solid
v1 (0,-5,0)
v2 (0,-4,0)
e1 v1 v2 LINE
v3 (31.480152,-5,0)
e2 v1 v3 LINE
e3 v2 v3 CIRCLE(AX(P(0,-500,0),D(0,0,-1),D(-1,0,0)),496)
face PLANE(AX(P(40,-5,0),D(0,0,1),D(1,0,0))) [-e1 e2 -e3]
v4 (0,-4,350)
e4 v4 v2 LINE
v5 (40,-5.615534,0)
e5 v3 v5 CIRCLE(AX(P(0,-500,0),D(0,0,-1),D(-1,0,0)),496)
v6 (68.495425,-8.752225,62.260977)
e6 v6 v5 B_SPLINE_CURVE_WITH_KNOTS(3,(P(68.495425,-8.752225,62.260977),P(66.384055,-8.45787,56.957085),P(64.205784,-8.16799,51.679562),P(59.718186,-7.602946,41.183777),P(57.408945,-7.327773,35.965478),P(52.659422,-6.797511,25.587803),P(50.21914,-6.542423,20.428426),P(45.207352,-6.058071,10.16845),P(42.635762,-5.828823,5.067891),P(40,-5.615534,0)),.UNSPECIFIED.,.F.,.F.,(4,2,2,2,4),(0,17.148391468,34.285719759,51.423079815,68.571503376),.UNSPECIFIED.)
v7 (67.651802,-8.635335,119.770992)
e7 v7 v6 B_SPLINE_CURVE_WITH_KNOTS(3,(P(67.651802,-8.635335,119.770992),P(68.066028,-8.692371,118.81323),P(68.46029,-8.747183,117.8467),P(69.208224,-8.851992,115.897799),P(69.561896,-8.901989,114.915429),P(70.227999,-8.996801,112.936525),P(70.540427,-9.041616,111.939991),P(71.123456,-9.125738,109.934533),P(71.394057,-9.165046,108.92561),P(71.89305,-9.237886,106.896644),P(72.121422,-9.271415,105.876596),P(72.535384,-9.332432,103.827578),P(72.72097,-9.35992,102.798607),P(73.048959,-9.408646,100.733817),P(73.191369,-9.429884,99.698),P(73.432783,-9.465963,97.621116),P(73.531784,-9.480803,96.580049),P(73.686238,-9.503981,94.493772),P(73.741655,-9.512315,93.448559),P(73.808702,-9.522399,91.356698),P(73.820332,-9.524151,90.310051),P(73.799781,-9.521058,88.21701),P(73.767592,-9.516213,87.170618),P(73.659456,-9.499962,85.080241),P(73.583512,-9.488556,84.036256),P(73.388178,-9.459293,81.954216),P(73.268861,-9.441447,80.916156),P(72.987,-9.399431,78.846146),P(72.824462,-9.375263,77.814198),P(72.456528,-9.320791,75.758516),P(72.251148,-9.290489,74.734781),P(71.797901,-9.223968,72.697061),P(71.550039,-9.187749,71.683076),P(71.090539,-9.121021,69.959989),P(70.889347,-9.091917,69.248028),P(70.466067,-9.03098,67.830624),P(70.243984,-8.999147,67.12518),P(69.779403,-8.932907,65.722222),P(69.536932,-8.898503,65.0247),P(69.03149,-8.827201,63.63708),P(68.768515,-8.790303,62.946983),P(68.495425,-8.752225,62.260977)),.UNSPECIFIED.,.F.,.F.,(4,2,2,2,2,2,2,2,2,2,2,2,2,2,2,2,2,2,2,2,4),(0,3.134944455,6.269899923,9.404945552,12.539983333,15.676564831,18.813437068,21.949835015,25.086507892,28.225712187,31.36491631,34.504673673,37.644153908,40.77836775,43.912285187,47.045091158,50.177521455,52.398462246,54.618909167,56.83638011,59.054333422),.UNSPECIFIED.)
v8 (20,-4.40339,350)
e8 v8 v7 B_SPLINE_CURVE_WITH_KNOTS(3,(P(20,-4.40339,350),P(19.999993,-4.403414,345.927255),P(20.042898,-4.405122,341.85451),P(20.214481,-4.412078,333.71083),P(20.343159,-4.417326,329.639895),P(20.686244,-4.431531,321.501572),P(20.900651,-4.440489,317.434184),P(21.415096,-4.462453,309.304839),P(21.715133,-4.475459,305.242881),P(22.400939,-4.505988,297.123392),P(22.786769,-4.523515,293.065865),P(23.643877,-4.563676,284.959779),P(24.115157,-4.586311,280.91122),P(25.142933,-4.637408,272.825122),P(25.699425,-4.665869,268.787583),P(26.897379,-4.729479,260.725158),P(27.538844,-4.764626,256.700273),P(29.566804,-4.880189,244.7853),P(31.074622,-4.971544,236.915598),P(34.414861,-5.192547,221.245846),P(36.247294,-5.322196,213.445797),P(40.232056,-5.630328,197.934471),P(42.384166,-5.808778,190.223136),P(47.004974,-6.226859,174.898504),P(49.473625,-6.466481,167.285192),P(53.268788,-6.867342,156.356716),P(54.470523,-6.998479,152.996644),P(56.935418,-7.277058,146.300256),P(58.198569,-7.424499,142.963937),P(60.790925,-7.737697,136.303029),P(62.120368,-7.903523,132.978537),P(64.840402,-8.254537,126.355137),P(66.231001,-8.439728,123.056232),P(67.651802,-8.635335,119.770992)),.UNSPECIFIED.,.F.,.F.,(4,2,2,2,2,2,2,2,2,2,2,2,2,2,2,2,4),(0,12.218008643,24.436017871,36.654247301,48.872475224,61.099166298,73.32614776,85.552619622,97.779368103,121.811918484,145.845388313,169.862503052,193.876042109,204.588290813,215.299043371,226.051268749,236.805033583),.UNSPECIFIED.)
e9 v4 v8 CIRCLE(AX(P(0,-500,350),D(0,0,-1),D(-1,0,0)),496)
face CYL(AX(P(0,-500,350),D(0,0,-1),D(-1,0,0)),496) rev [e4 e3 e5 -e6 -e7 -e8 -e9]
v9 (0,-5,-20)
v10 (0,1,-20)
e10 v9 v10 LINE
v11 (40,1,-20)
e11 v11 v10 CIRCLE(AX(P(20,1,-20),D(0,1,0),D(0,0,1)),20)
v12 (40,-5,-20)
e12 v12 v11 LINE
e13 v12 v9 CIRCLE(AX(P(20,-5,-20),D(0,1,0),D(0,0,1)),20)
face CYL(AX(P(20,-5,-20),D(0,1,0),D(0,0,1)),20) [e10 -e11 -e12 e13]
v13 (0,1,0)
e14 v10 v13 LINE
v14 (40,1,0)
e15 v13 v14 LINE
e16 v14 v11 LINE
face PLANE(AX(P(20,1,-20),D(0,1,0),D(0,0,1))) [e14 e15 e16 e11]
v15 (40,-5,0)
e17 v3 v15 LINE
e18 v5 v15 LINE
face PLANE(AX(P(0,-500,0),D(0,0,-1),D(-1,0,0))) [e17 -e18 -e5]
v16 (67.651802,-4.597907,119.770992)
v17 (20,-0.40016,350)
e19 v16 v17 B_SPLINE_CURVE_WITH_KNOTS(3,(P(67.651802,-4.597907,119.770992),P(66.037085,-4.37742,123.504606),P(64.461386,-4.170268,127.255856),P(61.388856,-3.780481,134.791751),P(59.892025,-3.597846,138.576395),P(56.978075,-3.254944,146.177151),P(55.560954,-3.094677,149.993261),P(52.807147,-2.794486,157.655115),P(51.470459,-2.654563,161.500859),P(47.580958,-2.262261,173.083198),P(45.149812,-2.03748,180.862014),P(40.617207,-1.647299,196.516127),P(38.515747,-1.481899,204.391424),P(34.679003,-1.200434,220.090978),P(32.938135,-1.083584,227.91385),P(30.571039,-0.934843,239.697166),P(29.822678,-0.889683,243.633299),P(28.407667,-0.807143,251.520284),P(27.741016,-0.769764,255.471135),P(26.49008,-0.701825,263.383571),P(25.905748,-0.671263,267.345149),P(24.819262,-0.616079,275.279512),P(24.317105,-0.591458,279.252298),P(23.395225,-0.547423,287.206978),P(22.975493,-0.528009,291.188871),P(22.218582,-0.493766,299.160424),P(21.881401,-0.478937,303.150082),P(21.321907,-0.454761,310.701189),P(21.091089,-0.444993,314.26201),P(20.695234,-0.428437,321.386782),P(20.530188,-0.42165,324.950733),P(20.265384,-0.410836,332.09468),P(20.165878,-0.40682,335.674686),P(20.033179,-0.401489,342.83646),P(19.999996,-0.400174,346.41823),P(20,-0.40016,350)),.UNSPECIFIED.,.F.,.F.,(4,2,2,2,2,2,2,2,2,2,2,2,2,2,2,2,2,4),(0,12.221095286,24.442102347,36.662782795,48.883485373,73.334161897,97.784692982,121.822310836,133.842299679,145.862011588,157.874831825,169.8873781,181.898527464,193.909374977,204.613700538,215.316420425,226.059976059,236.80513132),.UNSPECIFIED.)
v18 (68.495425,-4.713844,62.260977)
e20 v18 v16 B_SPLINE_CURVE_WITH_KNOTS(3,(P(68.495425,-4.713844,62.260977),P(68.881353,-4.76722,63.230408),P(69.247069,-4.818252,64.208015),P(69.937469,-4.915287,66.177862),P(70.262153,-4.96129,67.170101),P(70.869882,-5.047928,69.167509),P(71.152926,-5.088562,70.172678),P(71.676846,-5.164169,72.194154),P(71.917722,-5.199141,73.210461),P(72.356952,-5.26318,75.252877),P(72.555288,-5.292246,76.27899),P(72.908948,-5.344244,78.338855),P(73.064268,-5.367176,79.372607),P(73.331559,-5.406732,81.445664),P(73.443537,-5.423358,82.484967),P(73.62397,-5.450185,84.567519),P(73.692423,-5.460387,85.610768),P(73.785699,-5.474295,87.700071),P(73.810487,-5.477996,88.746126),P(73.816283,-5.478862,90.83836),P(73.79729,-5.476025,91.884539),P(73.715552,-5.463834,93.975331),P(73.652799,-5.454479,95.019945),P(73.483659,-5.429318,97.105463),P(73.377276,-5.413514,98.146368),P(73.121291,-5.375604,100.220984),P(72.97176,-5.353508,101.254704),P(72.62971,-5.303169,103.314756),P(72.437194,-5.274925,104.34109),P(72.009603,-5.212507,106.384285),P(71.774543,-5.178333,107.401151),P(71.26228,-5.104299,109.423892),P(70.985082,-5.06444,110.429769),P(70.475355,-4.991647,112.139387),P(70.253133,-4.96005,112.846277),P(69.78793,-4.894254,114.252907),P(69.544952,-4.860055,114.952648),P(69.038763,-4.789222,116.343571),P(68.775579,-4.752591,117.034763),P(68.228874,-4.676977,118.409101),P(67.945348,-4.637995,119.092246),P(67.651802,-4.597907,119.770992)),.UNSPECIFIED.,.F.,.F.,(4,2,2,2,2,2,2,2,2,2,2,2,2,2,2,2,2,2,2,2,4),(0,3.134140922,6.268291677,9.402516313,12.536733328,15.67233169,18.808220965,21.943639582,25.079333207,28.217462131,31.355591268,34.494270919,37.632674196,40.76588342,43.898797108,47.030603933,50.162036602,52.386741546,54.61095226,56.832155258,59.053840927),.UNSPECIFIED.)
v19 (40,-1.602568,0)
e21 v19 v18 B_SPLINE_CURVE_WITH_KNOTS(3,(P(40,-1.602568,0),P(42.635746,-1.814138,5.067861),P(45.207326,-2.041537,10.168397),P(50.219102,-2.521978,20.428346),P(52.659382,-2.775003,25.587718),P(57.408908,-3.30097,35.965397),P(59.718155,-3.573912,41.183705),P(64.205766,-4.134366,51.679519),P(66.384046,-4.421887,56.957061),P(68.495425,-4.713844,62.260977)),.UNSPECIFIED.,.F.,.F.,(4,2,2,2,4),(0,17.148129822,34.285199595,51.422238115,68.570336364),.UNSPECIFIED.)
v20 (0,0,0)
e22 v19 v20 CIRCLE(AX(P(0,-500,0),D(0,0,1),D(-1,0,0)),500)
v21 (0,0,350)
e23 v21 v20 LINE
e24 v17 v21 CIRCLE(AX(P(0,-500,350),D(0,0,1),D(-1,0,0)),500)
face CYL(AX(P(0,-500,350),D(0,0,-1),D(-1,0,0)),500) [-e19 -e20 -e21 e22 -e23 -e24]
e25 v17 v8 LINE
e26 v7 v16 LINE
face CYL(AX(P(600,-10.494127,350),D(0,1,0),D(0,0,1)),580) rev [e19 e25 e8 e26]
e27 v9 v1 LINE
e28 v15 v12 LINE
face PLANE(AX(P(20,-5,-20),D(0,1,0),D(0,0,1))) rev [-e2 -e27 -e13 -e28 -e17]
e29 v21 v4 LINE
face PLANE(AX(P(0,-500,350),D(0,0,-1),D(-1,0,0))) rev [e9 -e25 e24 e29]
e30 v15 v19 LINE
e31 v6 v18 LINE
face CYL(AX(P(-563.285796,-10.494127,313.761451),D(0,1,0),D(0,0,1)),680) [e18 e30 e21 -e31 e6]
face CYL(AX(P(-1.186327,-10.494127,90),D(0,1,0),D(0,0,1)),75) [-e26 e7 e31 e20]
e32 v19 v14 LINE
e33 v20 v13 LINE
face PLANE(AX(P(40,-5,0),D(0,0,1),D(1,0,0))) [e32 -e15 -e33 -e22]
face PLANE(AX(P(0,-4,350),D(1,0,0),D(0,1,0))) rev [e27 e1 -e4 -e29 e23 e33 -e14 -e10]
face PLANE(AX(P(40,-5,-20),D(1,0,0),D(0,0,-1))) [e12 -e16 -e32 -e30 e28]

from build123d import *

# Parameters (mm, degrees)
EXTRUDE_1_DEPTH          = 350
EXTRUDE_2_DEPTH          = 1
EXTRUDE_2_DEPTH_BACK     = 5
CUT_EXTRUDE_1_DEPTH      = 360.210404844
CUT_EXTRUDE_1_DEPTH_BACK = 360.210404844
SKETCH_4_OUTSIDE_W       = 161.658
SKETCH_4_OUTSIDE_H       = 471.658


with BuildPart() as part:
    # 草图2 → 凸台-拉伸1 (new body)
    with BuildSketch(Plane.XY):
        with BuildLine():
            Line((80, -10.494126695), (80, -6.44149283))
            ThreePointArc((80, -6.44149283), (40.129455609, -1.612974895), (0, 0))
            Line((0, 0), (0, -4))
            ThreePointArc((0, -4), (40.131576351, -5.626197519), (80, -10.494126695))
        make_face()
    extrude(amount=EXTRUDE_1_DEPTH)

    # 草图3 → 凸台-拉伸2 (add, two sides: drawn at the far end of the back side and taken through both)
    with BuildSketch(Plane(origin=(0, 0, 0), x_dir=(1, 0, 0), z_dir=(0, 1, 0)).offset(-EXTRUDE_2_DEPTH_BACK)):
        with BuildLine():
            Line((0, 0), (0, 20))
            ThreePointArc((0, 20), (20, 40), (40, 20))
            Line((40, 20), (40, 0))
            Line((40, 0), (0, 0))
        make_face()
    extrude(amount=EXTRUDE_2_DEPTH + EXTRUDE_2_DEPTH_BACK)

    # 草图4 outside → 切除-拉伸1 (cut, two sides: drawn at the far end of the back side and taken through both)
    with BuildSketch(Plane(origin=(0, 1, 0), x_dir=(1, 0, 0), z_dir=(0, 1, 0)).offset(-CUT_EXTRUDE_1_DEPTH_BACK)):
        with Locations((40, -155)):
            Rectangle(SKETCH_4_OUTSIDE_W, SKETCH_4_OUTSIDE_H)
        with BuildLine():
            Line((0, -350), (20, -350))
            ThreePointArc((20, -350), (32.037873221, -232.445661311), (67.651801878, -119.770992366))
            ThreePointArc((67.651801878, -119.770992366), (73.805604709, -91.100068227), (68.49542517, -62.260977161))
            ThreePointArc((68.49542517, -62.260977161), (55.031874412, -30.771595648), (40, 0))
            Line((40, 0), (40, 103.702750203))
            Line((40, 103.702750203), (-64.531778678, 103.702750203))
            Line((-64.531778678, 103.702750203), (-64.531778678, -350))
            Line((-64.531778678, -350), (0, -350))
        make_face(mode=Mode.SUBTRACT)
    extrude(amount=CUT_EXTRUDE_1_DEPTH + CUT_EXTRUDE_1_DEPTH_BACK, mode=Mode.SUBTRACT)


solid = part.part
